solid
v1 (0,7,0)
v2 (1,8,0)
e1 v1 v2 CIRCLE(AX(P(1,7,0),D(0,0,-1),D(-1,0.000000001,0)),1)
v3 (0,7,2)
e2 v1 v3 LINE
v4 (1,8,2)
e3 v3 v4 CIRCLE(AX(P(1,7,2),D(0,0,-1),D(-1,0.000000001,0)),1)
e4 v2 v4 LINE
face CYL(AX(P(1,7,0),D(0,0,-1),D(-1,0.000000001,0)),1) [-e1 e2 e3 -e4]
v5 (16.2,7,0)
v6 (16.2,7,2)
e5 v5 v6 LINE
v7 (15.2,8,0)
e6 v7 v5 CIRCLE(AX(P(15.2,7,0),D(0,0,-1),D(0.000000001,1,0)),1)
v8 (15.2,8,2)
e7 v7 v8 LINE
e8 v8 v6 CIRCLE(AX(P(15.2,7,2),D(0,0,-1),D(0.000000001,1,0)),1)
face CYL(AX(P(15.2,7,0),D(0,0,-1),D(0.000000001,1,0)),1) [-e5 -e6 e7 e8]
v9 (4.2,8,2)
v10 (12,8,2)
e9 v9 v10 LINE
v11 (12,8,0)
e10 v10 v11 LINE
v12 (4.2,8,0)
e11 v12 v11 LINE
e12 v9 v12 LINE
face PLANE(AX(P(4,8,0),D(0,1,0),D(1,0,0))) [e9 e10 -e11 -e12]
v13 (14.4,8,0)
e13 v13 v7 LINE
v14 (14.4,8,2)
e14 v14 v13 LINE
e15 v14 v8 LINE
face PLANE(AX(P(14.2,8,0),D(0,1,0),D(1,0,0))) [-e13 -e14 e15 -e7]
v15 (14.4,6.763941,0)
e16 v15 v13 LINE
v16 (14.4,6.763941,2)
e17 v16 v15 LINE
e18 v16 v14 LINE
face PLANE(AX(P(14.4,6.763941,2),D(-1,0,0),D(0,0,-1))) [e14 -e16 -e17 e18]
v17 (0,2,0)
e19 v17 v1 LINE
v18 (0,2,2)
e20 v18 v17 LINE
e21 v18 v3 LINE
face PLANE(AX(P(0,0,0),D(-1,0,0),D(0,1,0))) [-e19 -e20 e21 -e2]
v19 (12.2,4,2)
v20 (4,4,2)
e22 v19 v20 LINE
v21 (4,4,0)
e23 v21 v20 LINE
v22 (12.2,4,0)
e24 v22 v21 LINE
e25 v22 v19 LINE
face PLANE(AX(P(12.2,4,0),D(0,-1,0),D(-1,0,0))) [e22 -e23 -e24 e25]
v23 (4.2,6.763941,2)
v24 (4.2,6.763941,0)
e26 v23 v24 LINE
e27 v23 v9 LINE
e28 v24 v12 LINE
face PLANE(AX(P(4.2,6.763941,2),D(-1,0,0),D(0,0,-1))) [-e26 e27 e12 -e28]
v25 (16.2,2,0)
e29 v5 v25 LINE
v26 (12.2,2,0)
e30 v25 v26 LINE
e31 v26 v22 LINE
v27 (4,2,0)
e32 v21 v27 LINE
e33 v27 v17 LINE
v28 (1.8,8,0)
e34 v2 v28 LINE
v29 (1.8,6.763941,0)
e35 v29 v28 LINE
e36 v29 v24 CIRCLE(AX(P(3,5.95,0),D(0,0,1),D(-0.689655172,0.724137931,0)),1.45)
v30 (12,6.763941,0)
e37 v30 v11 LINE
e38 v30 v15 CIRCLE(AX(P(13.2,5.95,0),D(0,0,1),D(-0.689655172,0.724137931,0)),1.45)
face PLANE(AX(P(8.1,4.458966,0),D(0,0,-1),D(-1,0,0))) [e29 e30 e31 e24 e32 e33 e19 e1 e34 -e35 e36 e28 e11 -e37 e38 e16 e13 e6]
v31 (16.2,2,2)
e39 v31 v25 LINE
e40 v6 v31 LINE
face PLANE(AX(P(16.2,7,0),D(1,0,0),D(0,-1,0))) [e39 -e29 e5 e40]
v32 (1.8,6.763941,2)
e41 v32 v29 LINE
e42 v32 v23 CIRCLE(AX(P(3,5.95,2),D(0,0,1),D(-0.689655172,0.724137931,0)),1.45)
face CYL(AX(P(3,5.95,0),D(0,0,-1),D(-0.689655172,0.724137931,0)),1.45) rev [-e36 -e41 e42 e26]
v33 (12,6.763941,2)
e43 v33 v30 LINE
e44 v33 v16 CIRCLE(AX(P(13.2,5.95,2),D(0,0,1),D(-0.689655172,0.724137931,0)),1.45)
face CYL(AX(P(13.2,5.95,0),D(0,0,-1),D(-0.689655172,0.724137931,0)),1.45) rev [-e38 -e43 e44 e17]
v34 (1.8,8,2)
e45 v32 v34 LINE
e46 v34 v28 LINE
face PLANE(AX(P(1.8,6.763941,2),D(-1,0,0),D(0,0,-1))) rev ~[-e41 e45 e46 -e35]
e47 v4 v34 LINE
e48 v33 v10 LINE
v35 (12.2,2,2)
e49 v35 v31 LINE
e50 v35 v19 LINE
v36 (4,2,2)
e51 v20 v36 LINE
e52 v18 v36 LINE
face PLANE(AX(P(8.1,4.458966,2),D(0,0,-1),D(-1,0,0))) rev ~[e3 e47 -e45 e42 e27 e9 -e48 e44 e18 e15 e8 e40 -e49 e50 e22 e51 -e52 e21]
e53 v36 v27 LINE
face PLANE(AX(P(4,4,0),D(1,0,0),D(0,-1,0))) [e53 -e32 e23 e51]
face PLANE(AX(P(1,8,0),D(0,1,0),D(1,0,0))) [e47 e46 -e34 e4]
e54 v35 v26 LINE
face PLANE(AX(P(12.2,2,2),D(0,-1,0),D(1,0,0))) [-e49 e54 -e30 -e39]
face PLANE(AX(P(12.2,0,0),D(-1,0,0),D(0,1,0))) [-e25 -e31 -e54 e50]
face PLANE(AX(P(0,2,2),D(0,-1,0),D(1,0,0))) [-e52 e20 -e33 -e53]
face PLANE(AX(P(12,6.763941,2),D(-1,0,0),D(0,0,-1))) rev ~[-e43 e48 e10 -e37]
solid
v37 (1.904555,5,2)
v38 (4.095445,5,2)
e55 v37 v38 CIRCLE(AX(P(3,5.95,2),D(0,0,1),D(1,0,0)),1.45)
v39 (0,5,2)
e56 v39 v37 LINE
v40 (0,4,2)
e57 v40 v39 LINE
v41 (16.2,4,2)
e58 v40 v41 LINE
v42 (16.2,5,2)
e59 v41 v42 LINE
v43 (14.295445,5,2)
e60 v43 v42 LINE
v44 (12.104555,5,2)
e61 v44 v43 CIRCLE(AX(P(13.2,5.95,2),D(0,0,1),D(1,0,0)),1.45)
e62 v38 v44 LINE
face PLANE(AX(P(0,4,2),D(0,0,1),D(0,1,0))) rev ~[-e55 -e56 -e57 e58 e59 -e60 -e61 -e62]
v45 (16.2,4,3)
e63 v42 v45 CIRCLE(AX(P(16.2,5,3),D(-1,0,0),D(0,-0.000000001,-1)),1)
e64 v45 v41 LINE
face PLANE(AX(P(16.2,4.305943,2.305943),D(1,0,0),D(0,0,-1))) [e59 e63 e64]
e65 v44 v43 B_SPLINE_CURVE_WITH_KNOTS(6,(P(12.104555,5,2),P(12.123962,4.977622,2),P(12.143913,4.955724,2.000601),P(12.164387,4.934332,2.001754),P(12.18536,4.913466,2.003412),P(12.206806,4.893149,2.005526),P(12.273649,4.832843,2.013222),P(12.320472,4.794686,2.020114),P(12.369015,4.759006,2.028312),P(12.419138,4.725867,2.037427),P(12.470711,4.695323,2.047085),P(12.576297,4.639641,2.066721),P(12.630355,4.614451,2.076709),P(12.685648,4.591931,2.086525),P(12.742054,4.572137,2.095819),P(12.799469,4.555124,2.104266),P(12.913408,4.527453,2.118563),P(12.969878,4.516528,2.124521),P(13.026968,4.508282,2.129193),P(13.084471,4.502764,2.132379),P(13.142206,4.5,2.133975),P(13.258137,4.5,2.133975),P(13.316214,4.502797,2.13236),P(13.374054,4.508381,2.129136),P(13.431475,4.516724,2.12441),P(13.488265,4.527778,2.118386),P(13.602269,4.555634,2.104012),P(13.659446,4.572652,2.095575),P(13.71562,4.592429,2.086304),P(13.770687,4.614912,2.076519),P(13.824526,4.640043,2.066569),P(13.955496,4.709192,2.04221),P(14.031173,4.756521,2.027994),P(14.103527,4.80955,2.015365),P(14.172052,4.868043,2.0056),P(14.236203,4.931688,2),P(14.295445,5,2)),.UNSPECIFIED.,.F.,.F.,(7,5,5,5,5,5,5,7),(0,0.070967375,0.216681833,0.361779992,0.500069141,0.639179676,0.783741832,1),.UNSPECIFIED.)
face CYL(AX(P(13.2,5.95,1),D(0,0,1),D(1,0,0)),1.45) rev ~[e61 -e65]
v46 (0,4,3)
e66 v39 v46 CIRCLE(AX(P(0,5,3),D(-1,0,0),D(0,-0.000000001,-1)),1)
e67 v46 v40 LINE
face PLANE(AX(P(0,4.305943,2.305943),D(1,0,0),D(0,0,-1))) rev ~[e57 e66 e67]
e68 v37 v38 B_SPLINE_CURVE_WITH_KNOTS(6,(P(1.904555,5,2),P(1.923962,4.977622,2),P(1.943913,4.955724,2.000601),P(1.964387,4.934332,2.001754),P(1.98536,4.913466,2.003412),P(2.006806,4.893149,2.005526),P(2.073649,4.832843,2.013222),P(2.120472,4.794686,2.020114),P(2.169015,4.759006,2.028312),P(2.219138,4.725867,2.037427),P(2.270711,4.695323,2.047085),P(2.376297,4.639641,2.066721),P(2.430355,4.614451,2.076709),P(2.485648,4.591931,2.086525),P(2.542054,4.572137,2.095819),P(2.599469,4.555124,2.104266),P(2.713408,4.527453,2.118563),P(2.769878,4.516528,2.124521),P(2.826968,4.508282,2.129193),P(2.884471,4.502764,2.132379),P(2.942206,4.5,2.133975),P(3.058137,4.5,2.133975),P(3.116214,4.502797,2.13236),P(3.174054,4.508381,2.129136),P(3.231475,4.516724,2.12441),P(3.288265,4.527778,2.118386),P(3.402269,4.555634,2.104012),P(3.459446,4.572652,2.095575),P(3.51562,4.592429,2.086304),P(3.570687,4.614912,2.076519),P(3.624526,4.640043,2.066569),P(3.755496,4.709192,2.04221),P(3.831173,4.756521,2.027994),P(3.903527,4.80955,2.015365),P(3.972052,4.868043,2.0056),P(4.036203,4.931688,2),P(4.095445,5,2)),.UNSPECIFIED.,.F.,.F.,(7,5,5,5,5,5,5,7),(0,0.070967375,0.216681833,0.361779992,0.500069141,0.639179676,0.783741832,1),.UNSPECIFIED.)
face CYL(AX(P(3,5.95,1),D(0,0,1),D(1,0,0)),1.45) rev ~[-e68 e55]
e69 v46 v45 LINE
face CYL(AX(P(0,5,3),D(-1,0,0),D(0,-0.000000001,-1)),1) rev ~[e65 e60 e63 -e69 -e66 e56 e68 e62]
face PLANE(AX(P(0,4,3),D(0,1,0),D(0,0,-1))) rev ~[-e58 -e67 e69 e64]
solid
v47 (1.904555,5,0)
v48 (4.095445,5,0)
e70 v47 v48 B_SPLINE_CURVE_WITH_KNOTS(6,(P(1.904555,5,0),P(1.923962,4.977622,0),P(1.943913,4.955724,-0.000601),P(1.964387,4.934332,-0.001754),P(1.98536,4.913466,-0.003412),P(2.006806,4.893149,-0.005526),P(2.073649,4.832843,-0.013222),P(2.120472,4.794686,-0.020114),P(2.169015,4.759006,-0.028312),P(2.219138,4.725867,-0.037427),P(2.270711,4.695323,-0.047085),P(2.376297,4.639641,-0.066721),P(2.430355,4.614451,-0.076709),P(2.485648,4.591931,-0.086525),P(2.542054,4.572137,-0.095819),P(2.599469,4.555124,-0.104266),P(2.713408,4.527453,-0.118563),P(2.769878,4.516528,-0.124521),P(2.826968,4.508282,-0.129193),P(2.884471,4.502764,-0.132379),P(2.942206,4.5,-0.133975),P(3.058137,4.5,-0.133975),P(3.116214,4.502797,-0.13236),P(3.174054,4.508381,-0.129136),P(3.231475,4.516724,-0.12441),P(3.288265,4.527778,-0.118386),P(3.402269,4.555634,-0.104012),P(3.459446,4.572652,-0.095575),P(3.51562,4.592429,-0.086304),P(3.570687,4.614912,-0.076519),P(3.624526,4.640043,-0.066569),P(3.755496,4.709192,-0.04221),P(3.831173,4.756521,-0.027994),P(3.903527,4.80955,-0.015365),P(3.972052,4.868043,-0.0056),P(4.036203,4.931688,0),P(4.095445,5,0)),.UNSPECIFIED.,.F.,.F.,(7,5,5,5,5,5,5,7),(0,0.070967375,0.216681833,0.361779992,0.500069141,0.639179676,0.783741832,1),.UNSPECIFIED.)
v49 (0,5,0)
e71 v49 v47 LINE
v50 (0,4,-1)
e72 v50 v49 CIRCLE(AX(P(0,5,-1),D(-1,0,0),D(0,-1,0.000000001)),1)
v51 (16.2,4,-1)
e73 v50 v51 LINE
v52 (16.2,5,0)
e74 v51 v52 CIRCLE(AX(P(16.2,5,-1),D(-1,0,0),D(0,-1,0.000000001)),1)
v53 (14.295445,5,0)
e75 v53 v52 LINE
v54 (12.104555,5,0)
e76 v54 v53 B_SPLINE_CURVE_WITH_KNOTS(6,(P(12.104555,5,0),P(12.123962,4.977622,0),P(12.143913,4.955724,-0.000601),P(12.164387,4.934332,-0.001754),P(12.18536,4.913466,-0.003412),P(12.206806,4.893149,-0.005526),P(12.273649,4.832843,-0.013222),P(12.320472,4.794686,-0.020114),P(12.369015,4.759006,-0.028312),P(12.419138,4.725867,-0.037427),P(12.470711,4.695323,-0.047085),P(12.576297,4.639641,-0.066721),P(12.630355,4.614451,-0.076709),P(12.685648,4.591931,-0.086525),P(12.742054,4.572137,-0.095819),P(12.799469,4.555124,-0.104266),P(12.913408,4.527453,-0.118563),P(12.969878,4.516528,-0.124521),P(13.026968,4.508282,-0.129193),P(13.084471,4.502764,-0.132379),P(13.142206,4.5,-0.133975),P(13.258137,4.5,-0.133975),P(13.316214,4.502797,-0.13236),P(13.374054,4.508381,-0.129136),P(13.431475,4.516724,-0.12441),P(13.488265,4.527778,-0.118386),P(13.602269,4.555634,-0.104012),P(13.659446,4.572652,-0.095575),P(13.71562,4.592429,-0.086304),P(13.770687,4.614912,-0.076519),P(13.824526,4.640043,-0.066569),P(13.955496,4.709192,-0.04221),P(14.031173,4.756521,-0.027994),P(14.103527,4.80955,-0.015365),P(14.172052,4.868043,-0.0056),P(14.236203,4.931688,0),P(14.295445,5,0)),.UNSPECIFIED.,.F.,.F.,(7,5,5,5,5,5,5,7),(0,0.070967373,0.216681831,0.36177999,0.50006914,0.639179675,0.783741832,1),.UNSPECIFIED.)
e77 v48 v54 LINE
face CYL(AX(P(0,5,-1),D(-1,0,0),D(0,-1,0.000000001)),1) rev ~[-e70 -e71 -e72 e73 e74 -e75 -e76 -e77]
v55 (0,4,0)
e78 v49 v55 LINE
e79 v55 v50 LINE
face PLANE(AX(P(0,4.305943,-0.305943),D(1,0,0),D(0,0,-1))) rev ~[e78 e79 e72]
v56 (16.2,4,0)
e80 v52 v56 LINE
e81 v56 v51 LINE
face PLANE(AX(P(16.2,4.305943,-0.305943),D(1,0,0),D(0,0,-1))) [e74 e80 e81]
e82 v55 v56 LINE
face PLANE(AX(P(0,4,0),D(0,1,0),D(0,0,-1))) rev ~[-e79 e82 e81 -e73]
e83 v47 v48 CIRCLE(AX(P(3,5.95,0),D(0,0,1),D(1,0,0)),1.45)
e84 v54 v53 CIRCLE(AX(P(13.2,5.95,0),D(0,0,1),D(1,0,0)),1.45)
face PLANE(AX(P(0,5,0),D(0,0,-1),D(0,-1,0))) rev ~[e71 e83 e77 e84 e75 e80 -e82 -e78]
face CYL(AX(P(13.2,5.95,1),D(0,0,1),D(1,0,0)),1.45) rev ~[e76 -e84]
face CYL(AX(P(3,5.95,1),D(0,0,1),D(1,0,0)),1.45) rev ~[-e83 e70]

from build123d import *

# Parameters (mm, degrees)
BOSS_EXTRUDE1_DEPTH     = 2
BOSS_EXTRUDE2_DEPTH     = 16.2
BOSS_EXTRUDE2_2_DEPTH   = 16.2
SKETCH3_W               = 4
SKETCH3_H               = 2
CUT_EXTRUDE1_DEPTH      = 4
CUT_EXTRUDE4_START      = -1.236059
SKETCH5_W               = 2.4
SKETCH5_H               = 2
CUT_EXTRUDE4_DEPTH      = 1.236059
SKETCH8_R               = 1.45
CUT_EXTRUDE6_DEPTH      = 3
CUT_EXTRUDE6_DEPTH_BACK = 3


with BuildPart() as part:
    # Sketch1 → Boss-Extrude1 (new body)
    with BuildSketch(Plane.XY):
        with BuildLine():
            Line((4, 8), (8.1, 8))
            Line((8.1, 8), (12.2, 8))
            Line((12.2, 8), (12.2, 7))
            ThreePointArc((12.2, 7), (13.2, 4.5), (14.2, 7))
            Line((14.2, 7), (14.2, 8))
            Line((14.2, 8), (15.2, 8))
            ThreePointArc((15.2, 8), (15.907106781, 7.707106781), (16.2, 7))
            Line((16.2, 7), (16.2, 0))
            Line((16.2, 0), (12.2, 0))
            Line((12.2, 0), (12.2, 4))
            Line((12.2, 4), (4, 4))
            Line((4, 4), (4, 0))
            Line((4, 0), (0, 0))
            Line((0, 0), (0, 7))
            ThreePointArc((0, 7), (0.292893219, 7.707106781), (1, 8))
            Line((1, 8), (2, 8))
            Line((2, 8), (2, 7))
            ThreePointArc((2, 7), (3, 4.5), (4, 7))
            Line((4, 7), (4, 8))
        make_face()
    extrude(amount=BOSS_EXTRUDE1_DEPTH)

    # Sketch3 → Cut-Extrude1 (cut, through all)
    with BuildSketch(Plane.XY.offset(2)):
        with Locations((2, 1)):
            Rectangle(SKETCH3_W, SKETCH3_H)
        with Locations((14.2, 1)):
            Rectangle(SKETCH3_W, SKETCH3_H)
    extrude(amount=-CUT_EXTRUDE1_DEPTH, mode=Mode.SUBTRACT)

    # Sketch5 → Cut-Extrude4 (cut)
    with BuildSketch(Plane(origin=(0, 8, 0), x_dir=(1, 0, 0), z_dir=(0, 1, 0)).offset(CUT_EXTRUDE4_START)):
        with Locations((3, -1)):
            Rectangle(SKETCH5_W, SKETCH5_H)
        with Locations((13.2, -1)):
            Rectangle(SKETCH5_W, SKETCH5_H)
    extrude(amount=CUT_EXTRUDE4_DEPTH, mode=Mode.SUBTRACT)


with BuildPart() as body_2:
    # Sketch2 → Boss-Extrude2 (new body)
    with BuildSketch(Plane.ZY):
        with BuildLine():
            Line((2, 4), (2, 5))
            ThreePointArc((2, 5), (2.292893219, 4.292893219), (3, 4))
            Line((3, 4), (2, 4))
        make_face()
    extrude(amount=-BOSS_EXTRUDE2_DEPTH)


with BuildPart() as body_3:
    # Sketch2 → Boss-Extrude2 2 (new body)
    with BuildSketch(Plane.ZY):
        with BuildLine():
            Line((0, 4), (-1, 4))
            ThreePointArc((-1, 4), (-0.292893219, 4.292893219), (0, 5))
            Line((0, 5), (0, 4))
        make_face()
    extrude(amount=-BOSS_EXTRUDE2_2_DEPTH)


with BuildPart() as cut_extrude6_tool:
    # Sketch8 → Cut-Extrude6 (new body, two sides)
    with BuildSketch(Plane.XY.offset(1)) as cut_extrude6_sk:
        with Locations((3, 5.95)):
            Circle(SKETCH8_R)
        with Locations((13.2, 5.95)):
            Circle(SKETCH8_R)
    extrude(amount=CUT_EXTRUDE6_DEPTH)
    extrude(cut_extrude6_sk.sketch, amount=-CUT_EXTRUDE6_DEPTH_BACK)


with BuildPart() as body_2_1:
    add(body_2.part)

    # Cut-Extrude6: cut by cut_extrude6_tool
    add(cut_extrude6_tool.part, mode=Mode.SUBTRACT)


with BuildPart() as body_3_1:
    add(body_3.part)

    # Cut-Extrude6: cut by cut_extrude6_tool
    add(cut_extrude6_tool.part, mode=Mode.SUBTRACT)


solid = Compound([part.part, body_2_1.part, body_3_1.part])
